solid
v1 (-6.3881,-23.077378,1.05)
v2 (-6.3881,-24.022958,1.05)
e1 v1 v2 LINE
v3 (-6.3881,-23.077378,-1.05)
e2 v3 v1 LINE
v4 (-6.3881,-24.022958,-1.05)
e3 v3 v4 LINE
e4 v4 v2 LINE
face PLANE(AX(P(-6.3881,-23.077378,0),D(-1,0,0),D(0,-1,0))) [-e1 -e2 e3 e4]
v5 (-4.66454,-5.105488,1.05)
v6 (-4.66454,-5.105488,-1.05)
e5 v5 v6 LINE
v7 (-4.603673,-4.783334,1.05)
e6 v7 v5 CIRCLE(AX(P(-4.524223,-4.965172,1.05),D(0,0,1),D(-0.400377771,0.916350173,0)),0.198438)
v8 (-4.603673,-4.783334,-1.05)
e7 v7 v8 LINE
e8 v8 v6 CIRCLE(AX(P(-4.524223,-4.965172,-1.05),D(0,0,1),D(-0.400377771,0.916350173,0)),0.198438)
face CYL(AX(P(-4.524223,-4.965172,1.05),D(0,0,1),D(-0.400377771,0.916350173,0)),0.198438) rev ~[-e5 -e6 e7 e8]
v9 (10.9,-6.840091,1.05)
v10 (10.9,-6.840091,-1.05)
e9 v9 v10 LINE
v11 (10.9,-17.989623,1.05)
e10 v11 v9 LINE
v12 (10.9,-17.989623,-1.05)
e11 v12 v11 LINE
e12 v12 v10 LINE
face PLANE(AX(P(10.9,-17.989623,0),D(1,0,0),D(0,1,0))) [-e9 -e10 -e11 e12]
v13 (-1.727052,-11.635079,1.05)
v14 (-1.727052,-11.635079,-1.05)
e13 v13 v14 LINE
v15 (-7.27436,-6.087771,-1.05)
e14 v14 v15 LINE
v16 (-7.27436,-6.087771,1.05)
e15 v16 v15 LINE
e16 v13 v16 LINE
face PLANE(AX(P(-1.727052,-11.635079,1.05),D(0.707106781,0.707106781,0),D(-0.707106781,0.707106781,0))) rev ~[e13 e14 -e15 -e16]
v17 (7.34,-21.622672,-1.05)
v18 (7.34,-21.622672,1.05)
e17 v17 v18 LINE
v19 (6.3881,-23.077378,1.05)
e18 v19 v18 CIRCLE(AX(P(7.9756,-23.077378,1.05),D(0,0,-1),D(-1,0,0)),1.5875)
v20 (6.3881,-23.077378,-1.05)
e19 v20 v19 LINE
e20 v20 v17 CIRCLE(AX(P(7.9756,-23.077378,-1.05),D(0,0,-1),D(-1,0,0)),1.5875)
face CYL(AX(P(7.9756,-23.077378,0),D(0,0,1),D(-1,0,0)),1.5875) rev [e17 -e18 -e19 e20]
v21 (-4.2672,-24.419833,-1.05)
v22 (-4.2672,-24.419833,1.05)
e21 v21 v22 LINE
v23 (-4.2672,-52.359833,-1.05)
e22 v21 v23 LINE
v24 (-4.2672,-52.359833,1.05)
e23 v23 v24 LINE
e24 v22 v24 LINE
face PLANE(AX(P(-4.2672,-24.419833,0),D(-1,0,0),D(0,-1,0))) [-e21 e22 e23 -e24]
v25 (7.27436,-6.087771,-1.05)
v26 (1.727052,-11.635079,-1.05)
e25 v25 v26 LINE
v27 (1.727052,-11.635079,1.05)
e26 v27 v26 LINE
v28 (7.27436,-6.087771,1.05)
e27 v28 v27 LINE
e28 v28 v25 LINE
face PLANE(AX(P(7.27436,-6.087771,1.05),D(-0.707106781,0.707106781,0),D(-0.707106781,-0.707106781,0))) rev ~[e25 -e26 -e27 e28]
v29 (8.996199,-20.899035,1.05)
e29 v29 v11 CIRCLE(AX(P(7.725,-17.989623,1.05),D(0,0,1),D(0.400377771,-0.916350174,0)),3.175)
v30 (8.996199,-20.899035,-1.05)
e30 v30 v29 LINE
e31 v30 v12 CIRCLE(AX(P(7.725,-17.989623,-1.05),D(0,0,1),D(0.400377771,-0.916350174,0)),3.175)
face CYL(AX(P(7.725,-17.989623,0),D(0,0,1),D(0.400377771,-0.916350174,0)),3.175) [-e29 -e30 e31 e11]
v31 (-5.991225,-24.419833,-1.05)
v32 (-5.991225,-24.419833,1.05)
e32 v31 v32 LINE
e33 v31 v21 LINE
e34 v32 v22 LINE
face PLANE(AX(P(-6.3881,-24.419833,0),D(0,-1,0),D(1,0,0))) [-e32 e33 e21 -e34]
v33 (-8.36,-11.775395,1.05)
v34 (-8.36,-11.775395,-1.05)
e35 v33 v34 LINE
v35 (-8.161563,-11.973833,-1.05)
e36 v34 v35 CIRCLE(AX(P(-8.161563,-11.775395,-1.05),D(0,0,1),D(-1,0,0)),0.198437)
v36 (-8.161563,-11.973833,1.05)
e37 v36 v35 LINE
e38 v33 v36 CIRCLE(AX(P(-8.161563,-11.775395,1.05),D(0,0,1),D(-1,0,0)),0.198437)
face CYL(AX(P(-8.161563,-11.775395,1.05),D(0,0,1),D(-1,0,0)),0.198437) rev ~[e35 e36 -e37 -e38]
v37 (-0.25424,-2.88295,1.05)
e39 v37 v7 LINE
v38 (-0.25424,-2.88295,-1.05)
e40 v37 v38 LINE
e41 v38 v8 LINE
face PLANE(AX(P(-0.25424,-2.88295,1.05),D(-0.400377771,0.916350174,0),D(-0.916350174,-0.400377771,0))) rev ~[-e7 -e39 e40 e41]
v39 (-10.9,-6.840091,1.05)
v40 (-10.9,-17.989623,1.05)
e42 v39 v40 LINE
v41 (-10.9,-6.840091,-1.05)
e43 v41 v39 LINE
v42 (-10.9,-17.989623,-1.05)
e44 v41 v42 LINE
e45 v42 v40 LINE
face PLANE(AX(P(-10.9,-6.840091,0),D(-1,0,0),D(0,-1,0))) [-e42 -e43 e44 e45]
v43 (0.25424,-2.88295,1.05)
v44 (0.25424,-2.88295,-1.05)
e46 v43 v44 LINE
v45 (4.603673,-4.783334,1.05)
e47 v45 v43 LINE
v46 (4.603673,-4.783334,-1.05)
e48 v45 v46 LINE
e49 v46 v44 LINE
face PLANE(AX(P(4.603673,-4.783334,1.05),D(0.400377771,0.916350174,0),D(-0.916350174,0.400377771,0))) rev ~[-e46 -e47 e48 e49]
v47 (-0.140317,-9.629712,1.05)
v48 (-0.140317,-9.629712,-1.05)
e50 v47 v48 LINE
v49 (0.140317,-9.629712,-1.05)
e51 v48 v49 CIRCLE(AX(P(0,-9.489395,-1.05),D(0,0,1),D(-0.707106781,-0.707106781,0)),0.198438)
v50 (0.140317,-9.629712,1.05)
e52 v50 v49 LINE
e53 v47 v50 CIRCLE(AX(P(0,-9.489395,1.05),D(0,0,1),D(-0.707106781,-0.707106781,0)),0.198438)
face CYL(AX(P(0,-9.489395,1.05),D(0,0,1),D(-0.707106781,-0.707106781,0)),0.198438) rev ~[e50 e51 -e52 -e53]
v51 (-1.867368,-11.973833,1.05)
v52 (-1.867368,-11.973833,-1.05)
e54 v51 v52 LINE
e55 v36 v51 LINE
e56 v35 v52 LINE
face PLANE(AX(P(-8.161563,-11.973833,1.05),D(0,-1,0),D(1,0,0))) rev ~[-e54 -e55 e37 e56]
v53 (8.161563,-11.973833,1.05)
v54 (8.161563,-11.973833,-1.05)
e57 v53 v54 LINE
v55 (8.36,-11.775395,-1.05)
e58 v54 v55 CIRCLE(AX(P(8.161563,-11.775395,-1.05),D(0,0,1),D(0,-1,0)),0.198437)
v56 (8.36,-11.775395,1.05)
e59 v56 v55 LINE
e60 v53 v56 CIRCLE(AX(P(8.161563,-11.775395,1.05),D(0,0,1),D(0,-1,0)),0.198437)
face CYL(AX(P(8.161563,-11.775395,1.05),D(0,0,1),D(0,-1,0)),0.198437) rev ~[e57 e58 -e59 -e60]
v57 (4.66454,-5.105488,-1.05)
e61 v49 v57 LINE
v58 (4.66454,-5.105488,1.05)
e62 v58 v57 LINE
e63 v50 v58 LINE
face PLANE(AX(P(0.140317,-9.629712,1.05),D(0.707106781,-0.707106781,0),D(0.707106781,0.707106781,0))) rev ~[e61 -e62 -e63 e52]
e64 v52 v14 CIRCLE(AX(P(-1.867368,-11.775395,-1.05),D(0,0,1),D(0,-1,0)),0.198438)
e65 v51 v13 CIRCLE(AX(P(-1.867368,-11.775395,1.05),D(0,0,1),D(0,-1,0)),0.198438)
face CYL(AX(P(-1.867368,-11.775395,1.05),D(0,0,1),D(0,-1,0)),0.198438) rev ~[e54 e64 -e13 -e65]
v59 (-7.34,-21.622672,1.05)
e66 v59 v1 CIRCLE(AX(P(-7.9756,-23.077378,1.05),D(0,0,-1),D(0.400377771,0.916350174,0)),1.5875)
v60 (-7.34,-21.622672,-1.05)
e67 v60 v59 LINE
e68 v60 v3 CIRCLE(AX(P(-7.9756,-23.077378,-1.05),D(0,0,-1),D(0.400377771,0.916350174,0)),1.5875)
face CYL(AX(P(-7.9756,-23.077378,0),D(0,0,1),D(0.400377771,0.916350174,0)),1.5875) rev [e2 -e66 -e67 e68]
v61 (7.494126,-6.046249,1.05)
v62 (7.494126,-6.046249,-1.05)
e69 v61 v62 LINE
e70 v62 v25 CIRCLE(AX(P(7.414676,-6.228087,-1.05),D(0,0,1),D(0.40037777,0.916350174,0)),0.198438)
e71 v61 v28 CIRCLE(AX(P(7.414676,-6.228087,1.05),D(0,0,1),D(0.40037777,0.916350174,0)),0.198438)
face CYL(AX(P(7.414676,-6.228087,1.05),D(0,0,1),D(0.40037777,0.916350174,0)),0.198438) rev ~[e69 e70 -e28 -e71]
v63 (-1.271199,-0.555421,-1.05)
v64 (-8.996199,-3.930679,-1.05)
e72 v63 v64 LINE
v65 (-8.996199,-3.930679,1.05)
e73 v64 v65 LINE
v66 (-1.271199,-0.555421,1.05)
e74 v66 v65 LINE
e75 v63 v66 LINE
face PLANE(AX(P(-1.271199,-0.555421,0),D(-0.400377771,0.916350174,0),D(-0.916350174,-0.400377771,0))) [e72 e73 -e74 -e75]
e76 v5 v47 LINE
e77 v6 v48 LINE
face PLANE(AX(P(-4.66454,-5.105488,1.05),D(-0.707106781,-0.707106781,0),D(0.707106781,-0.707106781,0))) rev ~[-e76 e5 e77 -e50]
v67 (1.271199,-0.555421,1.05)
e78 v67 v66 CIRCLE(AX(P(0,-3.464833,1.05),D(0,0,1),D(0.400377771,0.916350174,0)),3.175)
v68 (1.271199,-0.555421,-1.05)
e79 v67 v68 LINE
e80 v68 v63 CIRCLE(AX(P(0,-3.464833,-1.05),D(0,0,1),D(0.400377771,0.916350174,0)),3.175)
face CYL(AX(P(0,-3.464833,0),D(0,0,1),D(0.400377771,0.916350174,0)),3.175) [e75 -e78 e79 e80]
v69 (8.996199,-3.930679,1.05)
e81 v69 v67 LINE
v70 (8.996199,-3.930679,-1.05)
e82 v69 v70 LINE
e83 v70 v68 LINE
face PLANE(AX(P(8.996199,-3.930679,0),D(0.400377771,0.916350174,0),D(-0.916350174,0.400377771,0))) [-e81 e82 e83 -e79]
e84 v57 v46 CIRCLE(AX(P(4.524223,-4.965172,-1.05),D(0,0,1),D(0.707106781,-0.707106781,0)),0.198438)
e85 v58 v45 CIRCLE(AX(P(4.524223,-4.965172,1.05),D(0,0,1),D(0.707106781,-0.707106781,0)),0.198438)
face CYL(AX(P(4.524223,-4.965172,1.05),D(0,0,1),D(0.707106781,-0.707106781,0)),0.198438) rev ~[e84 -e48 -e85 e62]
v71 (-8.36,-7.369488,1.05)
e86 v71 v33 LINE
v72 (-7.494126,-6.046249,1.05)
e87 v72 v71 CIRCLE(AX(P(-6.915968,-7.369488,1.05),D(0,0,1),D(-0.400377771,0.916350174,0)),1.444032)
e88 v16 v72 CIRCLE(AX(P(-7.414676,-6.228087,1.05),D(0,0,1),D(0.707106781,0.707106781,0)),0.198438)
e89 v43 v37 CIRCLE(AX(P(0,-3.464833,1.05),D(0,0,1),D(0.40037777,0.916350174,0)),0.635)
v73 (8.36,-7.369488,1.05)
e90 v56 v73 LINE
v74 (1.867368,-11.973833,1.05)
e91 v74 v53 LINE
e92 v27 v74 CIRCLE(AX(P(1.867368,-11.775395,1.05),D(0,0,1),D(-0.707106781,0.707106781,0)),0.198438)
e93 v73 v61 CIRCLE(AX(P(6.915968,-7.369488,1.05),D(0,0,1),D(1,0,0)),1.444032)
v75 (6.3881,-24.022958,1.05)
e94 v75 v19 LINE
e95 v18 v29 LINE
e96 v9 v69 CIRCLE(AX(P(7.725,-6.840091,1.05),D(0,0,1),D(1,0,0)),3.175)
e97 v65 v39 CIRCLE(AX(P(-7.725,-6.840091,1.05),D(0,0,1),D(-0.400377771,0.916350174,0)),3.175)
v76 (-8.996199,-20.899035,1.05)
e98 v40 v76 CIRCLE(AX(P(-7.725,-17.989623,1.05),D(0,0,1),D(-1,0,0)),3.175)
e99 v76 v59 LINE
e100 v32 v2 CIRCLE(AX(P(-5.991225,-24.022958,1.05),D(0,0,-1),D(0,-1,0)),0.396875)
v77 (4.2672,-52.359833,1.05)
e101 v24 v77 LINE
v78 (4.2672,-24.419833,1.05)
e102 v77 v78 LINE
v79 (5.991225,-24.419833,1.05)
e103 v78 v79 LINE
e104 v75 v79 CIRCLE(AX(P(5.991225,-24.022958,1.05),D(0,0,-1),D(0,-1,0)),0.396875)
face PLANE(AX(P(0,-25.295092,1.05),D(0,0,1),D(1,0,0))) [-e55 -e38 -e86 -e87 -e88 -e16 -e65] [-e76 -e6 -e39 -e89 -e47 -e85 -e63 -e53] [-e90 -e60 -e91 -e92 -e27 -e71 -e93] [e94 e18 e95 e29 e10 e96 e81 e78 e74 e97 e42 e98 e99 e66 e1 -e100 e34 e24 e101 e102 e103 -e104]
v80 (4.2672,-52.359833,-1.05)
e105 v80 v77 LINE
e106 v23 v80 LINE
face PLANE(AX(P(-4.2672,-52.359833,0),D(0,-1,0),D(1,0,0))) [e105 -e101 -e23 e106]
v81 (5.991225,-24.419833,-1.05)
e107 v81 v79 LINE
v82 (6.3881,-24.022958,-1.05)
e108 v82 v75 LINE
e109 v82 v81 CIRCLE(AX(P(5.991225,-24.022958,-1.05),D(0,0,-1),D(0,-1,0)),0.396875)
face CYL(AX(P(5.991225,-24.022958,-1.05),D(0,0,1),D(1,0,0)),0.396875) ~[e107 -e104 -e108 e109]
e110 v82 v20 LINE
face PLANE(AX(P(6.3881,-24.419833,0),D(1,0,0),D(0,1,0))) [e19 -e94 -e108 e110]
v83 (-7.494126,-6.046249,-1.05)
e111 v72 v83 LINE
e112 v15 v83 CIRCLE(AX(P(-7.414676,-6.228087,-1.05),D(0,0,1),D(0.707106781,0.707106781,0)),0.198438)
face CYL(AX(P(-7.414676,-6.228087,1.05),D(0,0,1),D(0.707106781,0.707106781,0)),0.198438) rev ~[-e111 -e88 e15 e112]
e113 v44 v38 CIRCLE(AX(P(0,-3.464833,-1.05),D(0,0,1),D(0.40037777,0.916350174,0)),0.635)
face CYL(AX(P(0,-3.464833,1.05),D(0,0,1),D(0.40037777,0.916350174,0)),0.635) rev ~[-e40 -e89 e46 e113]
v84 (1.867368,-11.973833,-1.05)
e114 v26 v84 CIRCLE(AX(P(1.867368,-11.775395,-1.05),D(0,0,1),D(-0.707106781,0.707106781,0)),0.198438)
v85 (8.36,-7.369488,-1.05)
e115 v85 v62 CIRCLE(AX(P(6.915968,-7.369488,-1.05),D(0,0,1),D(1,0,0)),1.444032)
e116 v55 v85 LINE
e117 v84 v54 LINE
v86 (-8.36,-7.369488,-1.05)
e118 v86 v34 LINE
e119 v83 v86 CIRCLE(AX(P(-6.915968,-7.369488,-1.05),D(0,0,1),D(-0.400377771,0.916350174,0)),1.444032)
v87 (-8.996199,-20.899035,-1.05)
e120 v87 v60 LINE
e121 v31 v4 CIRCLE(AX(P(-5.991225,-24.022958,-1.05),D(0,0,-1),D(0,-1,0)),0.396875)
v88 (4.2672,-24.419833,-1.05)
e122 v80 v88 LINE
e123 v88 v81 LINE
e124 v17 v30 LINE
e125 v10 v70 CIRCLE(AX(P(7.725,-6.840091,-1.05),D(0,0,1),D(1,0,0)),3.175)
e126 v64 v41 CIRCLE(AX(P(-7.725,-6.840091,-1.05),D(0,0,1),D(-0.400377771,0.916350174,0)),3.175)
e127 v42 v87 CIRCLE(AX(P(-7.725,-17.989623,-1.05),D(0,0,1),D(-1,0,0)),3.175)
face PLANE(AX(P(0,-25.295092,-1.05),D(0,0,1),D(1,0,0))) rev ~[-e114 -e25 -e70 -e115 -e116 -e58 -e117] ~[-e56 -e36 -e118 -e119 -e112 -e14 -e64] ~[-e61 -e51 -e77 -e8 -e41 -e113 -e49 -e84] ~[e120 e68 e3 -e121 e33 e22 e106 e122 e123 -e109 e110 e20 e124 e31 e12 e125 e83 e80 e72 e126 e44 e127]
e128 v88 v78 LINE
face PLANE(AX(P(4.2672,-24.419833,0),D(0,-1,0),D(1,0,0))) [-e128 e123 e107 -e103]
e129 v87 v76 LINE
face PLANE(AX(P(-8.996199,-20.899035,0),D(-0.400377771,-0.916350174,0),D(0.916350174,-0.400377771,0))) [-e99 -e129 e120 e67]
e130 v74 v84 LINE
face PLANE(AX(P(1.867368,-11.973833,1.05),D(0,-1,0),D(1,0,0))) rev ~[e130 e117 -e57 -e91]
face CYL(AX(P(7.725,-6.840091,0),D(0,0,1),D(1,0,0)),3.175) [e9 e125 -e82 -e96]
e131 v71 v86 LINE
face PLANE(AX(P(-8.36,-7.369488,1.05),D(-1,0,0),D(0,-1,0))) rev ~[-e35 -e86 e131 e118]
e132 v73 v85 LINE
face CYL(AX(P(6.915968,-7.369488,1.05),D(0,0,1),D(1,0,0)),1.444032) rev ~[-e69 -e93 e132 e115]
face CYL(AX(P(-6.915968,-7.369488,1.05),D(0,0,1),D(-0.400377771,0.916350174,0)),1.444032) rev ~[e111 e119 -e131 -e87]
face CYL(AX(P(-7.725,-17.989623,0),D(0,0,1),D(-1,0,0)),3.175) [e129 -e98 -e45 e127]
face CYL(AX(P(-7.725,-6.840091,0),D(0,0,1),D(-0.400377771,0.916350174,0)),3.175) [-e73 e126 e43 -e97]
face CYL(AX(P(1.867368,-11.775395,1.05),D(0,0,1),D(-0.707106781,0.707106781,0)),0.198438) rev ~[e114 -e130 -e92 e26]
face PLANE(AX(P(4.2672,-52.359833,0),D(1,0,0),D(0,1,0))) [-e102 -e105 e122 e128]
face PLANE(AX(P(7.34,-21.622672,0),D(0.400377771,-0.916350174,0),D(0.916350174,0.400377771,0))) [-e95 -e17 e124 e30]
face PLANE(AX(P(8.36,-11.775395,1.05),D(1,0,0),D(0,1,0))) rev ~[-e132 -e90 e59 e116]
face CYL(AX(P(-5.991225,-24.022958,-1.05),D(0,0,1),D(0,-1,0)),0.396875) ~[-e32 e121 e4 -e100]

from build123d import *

# Parameters (mm, degrees)
F1_DEPTH = 1.05
F2_R     = 0.396875
F4_DEPTH = 2.101


with BuildPart() as f1:
    # F0 (on Top) → F1 (new body, symmetric)
    with BuildSketch(Plane.XY):
        with BuildLine():
            ThreePointArc((1.2711994223, -0.5554208485), (0, -0.2898326497), (-1.2711994223, -0.5554208485))
            Line((-1.2711994223, -0.5554208485), (-8.9961994223, -3.930678876))
            ThreePointArc((-8.9961994223, -3.930678876), (-10.381753956, -5.1016191022), (-10.9, -6.8400906772))
            Line((-10.9, -6.8400906772), (-10.9, -17.9896228211))
            ThreePointArc((-10.9, -17.9896228211), (-10.381753956, -19.7280943961), (-8.9961994223, -20.8990346223))
            Line((-8.9961994223, -20.8990346223), (-7.3400002889, -21.6226720877))
            ThreePointArc((-7.3400002889, -21.6226720877), (-6.647223022, -22.2081422008), (-6.3881, -23.0773779883))
            Line((-6.3881, -23.0773779883), (-6.3881, -24.4198326497))
            Line((-6.3881, -24.4198326497), (-4.2672, -24.4198326497))
            Line((-4.2672, -24.4198326497), (-4.2672, -52.3598326497))
            Line((-4.2672, -52.3598326497), (4.2672, -52.3598326497))
            Line((4.2672, -52.3598326497), (4.2672, -24.4198326497))
            Line((4.2672, -24.4198326497), (6.3881, -24.4198326497))
            Line((6.3881, -24.4198326497), (6.3881, -23.0773779883))
            ThreePointArc((6.3881, -23.0773779883), (6.647223022, -22.2081422008), (7.3400002889, -21.6226720877))
            Line((7.3400002889, -21.6226720877), (8.9961994223, -20.8990346223))
            ThreePointArc((8.9961994223, -20.8990346223), (10.381753956, -19.7280943961), (10.9, -17.9896228211))
            Line((10.9, -17.9896228211), (10.9, -6.8400906772))
            ThreePointArc((10.9, -6.8400906772), (10.381753956, -5.1016191022), (8.9961994223, -3.930678876))
            Line((8.9961994223, -3.930678876), (1.2711994223, -0.5554208485))
        make_face()
    extrude(amount=F1_DEPTH, both=True)

    # F2
    f2_edges = [f1.edges().sort_by_distance(p)[0] for p in [
        (6.3881, -24.419833, 0),
        (-6.3881, -24.419833, 0),
    ]]
    fillet(f2_edges, radius=F2_R)

    # F3 (on face) → F4 (cut, through all)
    with BuildSketch(Plane.XY.offset(1.05)):
        with BuildLine():
            ThreePointArc((0.2542398845, -2.8829502894), (0, -2.8298326497), (-0.2542398845, -2.8829502894))
            Line((-0.2542398845, -2.8829502894), (-4.6036733755, -4.7833335005))
            ThreePointArc((-4.6036733755, -4.7833335005), (-4.7192112161, -4.9283315767), (-4.6645399135, -5.10548824))
            Line((-4.6645399135, -5.10548824), (-0.1403165019, -9.6297116516))
            ThreePointArc((-0.1403165019, -9.6297116516), (0, -9.6878326497), (0.1403165019, -9.6297116516))
            Line((0.1403165019, -9.6297116516), (4.6645399135, -5.10548824))
            ThreePointArc((4.6645399135, -5.10548824), (4.7192112161, -4.9283315767), (4.6036733755, -4.7833335005))
            Line((4.6036733755, -4.7833335005), (0.2542398845, -2.8829502894))
        make_face()
        with BuildLine():
            ThreePointArc((-7.4941261238, -6.0462492082), (-8.1242947921, -6.5788084291), (-8.36, -7.3694884715))
            Line((-8.36, -7.3694884715), (-8.36, -11.7753951497))
            ThreePointArc((-8.36, -11.7753951497), (-8.3018790019, -11.9157116516), (-8.1615625, -11.9738326497))
            Line((-8.1615625, -11.9738326497), (-1.867368456, -11.9738326497))
            ThreePointArc((-1.867368456, -11.9738326497), (-1.6840361113, -11.8513338933), (-1.7270519541, -11.6350786478))
            Line((-1.7270519541, -11.6350786478), (-7.274359658, -6.0877709439))
            ThreePointArc((-7.274359658, -6.0877709439), (-7.3778359984, -6.0330996413), (-7.4941261238, -6.0462492082))
        make_face()
        with BuildLine():
            Line((8.36, -11.7753951497), (8.36, -7.3694884715))
            ThreePointArc((8.36, -7.3694884715), (8.1242947921, -6.5788084291), (7.4941261238, -6.0462492082))
            ThreePointArc((7.4941261238, -6.0462492082), (7.3778359984, -6.0330996413), (7.274359658, -6.0877709439))
            Line((7.274359658, -6.0877709439), (1.7270519541, -11.6350786478))
            ThreePointArc((1.7270519541, -11.6350786478), (1.6840361113, -11.8513338933), (1.867368456, -11.9738326497))
            Line((1.867368456, -11.9738326497), (8.1615625, -11.9738326497))
            ThreePointArc((8.1615625, -11.9738326497), (8.3018790019, -11.9157116516), (8.36, -11.7753951497))
        make_face()
    extrude(amount=-F4_DEPTH, mode=Mode.SUBTRACT)


solid = f1.part
